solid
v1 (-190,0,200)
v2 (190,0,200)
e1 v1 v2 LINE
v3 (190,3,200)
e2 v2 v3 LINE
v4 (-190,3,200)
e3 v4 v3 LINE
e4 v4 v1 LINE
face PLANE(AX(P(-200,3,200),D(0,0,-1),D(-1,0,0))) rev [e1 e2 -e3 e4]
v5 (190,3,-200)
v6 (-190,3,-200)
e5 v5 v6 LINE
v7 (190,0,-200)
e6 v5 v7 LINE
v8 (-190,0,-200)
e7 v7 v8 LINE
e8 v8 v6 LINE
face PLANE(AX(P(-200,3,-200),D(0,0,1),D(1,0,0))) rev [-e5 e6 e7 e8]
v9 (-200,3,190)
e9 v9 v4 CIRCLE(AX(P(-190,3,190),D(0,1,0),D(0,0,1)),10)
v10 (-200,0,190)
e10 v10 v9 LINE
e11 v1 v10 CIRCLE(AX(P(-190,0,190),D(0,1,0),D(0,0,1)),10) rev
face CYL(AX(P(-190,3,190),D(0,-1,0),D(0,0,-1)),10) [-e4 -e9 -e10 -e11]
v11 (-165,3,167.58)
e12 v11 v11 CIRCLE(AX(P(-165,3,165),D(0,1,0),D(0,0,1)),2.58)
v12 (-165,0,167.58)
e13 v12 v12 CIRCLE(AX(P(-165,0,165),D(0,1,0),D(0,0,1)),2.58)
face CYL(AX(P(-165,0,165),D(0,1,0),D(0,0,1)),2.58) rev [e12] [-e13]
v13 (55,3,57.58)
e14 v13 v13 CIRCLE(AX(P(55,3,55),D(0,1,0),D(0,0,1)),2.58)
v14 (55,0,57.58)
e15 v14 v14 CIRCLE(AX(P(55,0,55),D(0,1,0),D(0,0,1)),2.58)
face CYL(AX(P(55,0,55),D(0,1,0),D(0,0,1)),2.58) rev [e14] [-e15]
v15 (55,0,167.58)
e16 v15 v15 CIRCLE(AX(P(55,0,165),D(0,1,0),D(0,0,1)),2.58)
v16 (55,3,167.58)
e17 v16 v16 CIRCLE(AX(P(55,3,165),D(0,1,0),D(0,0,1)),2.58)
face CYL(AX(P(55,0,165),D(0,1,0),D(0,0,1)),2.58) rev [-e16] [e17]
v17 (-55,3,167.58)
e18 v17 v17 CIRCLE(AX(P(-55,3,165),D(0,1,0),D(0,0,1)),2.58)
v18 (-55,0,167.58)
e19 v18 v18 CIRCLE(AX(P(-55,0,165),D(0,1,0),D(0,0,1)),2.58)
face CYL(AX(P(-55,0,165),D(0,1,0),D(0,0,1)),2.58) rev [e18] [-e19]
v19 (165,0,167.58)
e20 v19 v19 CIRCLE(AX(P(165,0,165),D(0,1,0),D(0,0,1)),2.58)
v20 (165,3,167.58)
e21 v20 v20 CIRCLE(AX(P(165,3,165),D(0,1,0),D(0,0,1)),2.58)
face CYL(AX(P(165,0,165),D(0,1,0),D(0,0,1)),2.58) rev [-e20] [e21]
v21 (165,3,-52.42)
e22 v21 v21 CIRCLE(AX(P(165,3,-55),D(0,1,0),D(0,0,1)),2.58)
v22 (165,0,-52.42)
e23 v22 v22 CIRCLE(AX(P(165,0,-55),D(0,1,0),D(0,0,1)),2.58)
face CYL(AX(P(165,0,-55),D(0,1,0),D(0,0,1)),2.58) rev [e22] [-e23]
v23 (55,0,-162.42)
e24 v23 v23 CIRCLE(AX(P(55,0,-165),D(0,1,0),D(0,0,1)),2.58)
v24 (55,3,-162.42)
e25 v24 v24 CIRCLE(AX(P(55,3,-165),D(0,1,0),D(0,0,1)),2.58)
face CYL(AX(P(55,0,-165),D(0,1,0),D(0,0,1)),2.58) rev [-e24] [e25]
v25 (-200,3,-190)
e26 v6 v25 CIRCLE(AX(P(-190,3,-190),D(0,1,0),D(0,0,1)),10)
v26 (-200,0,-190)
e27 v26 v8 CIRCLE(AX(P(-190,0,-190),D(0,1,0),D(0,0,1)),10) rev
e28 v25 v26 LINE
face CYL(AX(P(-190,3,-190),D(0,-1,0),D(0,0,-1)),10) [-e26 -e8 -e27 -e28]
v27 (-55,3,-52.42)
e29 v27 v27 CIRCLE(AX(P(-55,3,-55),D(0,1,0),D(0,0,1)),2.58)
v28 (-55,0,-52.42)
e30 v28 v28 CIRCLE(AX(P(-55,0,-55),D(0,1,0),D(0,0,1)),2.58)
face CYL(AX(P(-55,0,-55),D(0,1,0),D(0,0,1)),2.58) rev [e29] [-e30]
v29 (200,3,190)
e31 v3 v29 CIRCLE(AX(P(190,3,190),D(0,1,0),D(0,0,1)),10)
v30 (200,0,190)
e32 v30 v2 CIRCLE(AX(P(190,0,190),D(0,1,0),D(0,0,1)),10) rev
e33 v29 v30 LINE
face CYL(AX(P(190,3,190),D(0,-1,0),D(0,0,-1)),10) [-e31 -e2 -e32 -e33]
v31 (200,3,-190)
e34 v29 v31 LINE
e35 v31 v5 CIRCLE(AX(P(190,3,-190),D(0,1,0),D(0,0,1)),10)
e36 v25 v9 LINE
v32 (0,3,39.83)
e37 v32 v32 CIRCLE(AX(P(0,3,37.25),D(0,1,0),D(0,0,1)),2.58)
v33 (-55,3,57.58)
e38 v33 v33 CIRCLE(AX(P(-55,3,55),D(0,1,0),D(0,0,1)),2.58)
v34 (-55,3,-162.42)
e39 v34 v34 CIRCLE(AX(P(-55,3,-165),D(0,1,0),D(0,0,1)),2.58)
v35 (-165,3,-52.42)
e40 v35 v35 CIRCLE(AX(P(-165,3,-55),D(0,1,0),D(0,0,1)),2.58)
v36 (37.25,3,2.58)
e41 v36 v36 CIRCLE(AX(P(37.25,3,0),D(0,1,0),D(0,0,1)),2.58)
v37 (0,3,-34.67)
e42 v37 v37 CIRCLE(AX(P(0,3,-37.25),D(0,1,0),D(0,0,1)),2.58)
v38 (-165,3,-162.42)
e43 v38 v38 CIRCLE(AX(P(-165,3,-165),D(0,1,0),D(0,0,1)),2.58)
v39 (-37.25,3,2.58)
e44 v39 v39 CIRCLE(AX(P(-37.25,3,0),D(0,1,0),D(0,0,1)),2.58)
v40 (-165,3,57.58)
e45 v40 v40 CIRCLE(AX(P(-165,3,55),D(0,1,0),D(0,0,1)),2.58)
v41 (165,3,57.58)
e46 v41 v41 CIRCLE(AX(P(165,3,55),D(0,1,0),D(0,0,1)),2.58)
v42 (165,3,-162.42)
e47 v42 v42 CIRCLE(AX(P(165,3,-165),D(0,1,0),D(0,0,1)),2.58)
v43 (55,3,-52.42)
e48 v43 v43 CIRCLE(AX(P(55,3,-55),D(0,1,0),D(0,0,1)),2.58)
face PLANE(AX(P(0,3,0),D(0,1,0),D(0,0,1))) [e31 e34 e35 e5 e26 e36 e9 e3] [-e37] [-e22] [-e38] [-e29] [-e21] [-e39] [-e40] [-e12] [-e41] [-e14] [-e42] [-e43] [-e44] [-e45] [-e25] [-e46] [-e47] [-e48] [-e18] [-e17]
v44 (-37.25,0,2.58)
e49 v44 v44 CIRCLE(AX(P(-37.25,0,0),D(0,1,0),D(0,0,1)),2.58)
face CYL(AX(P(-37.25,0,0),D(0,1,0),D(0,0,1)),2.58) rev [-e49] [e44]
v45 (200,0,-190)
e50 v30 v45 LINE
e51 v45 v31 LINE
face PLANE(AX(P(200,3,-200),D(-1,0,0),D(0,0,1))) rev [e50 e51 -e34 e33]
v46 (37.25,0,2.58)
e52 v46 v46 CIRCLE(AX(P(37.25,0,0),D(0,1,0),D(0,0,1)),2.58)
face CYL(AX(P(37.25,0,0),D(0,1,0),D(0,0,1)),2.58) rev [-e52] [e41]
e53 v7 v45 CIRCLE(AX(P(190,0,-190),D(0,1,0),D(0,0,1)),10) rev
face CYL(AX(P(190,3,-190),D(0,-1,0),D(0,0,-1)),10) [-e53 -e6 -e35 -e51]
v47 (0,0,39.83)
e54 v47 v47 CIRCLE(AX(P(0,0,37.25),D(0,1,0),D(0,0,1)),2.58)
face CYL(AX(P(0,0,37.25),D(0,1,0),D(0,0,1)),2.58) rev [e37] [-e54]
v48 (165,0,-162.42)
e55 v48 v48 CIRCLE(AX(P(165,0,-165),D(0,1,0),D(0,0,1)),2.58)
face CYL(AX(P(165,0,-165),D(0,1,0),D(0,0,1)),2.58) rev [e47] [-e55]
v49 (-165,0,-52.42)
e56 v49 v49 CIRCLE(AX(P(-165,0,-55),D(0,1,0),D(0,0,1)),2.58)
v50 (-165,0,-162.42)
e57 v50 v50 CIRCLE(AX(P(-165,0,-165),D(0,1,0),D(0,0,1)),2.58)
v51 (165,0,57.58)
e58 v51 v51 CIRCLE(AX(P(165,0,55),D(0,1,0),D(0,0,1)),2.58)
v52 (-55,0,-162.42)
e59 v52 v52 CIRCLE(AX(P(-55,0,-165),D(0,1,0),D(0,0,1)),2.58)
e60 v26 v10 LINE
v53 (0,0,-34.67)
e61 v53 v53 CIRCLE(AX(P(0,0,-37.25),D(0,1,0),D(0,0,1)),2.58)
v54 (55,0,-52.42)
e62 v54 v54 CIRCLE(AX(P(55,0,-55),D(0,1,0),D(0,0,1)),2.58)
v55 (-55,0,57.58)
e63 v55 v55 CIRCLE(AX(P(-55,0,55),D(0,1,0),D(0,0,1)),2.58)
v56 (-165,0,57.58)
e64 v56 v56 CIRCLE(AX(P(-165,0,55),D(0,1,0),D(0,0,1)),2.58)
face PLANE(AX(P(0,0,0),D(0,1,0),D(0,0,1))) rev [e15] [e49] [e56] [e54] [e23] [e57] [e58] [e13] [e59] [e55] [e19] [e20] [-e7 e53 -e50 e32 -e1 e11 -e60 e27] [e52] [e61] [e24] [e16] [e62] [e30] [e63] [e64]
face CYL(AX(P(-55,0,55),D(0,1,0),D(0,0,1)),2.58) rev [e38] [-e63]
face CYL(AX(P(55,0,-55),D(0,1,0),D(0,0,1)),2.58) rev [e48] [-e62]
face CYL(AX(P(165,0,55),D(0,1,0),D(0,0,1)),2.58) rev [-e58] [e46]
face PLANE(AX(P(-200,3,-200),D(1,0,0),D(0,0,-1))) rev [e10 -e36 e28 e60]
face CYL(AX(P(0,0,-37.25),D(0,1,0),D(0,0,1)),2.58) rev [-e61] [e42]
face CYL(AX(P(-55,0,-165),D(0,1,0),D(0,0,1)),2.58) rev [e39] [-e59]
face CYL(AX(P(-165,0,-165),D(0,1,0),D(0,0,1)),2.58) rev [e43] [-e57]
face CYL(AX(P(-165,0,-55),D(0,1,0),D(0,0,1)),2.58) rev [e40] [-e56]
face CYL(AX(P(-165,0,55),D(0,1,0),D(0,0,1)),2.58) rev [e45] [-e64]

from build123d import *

# Parameters (mm, degrees)
SKETCH1_W           = 400
SKETCH1_H           = 400
BOSS_EXTRUDE1_DEPTH = 3
SKETCH3_R           = 2.58
CUT_EXTRUDE1_DEPTH  = 283.85862193
SKETCH4_R           = 2.58
CUT_EXTRUDE2_DEPTH  = 283.85862193
FILLET1_R           = 10


with BuildPart() as part:
    # Sketch1 → Boss-Extrude1 (new body)
    with BuildSketch(Plane(origin=(0, 0, 0), x_dir=(1, 0, 0), z_dir=(0, 1, 0))):
        Rectangle(SKETCH1_W, SKETCH1_H)
    extrude(amount=BOSS_EXTRUDE1_DEPTH)

    # Sketch3 → Cut-Extrude1 (cut, through all)
    with BuildSketch(Plane(origin=(0, 3, 0), x_dir=(1, 0, 0), z_dir=(0, 1, 0))):
        with Locations(Location((-37.25, 0, 0), (0, 0, 270))):
            Circle(SKETCH3_R)
        with Locations(Location((0, 37.25, 0), (0, 0, 270))):
            Circle(SKETCH3_R)
        with Locations(Location((37.25, 0, 0), (0, 0, 270))):
            Circle(SKETCH3_R)
        with Locations(Location((0, -37.25, 0), (0, 0, 270))):
            Circle(SKETCH3_R)
    extrude(amount=-CUT_EXTRUDE1_DEPTH, mode=Mode.SUBTRACT)

    # Sketch4 → Cut-Extrude2 (cut, through all)
    with BuildSketch(Plane(origin=(0, 3, 0), x_dir=(1, 0, 0), z_dir=(0, 1, 0))):
        with Locations(Location((-165, 165, 0), (0, 0, 270))):
            Circle(SKETCH4_R)
        with Locations(Location((-55, 165, 0), (0, 0, 270))):
            Circle(SKETCH4_R)
        with Locations(Location((55, 165, 0), (0, 0, 270))):
            Circle(SKETCH4_R)
        with Locations(Location((165, 165, 0), (0, 0, 270))):
            Circle(SKETCH4_R)
        with Locations(Location((-55, 55, 0), (0, 0, 270))):
            Circle(SKETCH4_R)
        with Locations(Location((55, 55, 0), (0, 0, 270))):
            Circle(SKETCH4_R)
        with Locations(Location((165, 55, 0), (0, 0, 270))):
            Circle(SKETCH4_R)
        with Locations(Location((-55, -55, 0), (0, 0, 270))):
            Circle(SKETCH4_R)
        with Locations(Location((55, -55, 0), (0, 0, 270))):
            Circle(SKETCH4_R)
        with Locations(Location((165, -55, 0), (0, 0, 270))):
            Circle(SKETCH4_R)
        with Locations(Location((-55, -165, 0), (0, 0, 270))):
            Circle(SKETCH4_R)
        with Locations(Location((55, -165, 0), (0, 0, 270))):
            Circle(SKETCH4_R)
        with Locations(Location((165, -165, 0), (0, 0, 270))):
            Circle(SKETCH4_R)
        with Locations(Location((-165, 55, 0), (0, 0, 270))):
            Circle(SKETCH4_R)
        with Locations(Location((-165, -55, 0), (0, 0, 270))):
            Circle(SKETCH4_R)
        with Locations(Location((-165, -165, 0), (0, 0, 270))):
            Circle(SKETCH4_R)
    extrude(amount=-CUT_EXTRUDE2_DEPTH, mode=Mode.SUBTRACT)

    # Fillet1
    fillet1_edges = [part.edges().sort_by_distance(p)[0] for p in [
        (200, 1.5, 200),
        (-200, 1.5, 200),
        (-200, 1.5, -200),
        (200, 1.5, -200),
    ]]
    fillet(fillet1_edges, radius=FILLET1_R)


solid = part.part
